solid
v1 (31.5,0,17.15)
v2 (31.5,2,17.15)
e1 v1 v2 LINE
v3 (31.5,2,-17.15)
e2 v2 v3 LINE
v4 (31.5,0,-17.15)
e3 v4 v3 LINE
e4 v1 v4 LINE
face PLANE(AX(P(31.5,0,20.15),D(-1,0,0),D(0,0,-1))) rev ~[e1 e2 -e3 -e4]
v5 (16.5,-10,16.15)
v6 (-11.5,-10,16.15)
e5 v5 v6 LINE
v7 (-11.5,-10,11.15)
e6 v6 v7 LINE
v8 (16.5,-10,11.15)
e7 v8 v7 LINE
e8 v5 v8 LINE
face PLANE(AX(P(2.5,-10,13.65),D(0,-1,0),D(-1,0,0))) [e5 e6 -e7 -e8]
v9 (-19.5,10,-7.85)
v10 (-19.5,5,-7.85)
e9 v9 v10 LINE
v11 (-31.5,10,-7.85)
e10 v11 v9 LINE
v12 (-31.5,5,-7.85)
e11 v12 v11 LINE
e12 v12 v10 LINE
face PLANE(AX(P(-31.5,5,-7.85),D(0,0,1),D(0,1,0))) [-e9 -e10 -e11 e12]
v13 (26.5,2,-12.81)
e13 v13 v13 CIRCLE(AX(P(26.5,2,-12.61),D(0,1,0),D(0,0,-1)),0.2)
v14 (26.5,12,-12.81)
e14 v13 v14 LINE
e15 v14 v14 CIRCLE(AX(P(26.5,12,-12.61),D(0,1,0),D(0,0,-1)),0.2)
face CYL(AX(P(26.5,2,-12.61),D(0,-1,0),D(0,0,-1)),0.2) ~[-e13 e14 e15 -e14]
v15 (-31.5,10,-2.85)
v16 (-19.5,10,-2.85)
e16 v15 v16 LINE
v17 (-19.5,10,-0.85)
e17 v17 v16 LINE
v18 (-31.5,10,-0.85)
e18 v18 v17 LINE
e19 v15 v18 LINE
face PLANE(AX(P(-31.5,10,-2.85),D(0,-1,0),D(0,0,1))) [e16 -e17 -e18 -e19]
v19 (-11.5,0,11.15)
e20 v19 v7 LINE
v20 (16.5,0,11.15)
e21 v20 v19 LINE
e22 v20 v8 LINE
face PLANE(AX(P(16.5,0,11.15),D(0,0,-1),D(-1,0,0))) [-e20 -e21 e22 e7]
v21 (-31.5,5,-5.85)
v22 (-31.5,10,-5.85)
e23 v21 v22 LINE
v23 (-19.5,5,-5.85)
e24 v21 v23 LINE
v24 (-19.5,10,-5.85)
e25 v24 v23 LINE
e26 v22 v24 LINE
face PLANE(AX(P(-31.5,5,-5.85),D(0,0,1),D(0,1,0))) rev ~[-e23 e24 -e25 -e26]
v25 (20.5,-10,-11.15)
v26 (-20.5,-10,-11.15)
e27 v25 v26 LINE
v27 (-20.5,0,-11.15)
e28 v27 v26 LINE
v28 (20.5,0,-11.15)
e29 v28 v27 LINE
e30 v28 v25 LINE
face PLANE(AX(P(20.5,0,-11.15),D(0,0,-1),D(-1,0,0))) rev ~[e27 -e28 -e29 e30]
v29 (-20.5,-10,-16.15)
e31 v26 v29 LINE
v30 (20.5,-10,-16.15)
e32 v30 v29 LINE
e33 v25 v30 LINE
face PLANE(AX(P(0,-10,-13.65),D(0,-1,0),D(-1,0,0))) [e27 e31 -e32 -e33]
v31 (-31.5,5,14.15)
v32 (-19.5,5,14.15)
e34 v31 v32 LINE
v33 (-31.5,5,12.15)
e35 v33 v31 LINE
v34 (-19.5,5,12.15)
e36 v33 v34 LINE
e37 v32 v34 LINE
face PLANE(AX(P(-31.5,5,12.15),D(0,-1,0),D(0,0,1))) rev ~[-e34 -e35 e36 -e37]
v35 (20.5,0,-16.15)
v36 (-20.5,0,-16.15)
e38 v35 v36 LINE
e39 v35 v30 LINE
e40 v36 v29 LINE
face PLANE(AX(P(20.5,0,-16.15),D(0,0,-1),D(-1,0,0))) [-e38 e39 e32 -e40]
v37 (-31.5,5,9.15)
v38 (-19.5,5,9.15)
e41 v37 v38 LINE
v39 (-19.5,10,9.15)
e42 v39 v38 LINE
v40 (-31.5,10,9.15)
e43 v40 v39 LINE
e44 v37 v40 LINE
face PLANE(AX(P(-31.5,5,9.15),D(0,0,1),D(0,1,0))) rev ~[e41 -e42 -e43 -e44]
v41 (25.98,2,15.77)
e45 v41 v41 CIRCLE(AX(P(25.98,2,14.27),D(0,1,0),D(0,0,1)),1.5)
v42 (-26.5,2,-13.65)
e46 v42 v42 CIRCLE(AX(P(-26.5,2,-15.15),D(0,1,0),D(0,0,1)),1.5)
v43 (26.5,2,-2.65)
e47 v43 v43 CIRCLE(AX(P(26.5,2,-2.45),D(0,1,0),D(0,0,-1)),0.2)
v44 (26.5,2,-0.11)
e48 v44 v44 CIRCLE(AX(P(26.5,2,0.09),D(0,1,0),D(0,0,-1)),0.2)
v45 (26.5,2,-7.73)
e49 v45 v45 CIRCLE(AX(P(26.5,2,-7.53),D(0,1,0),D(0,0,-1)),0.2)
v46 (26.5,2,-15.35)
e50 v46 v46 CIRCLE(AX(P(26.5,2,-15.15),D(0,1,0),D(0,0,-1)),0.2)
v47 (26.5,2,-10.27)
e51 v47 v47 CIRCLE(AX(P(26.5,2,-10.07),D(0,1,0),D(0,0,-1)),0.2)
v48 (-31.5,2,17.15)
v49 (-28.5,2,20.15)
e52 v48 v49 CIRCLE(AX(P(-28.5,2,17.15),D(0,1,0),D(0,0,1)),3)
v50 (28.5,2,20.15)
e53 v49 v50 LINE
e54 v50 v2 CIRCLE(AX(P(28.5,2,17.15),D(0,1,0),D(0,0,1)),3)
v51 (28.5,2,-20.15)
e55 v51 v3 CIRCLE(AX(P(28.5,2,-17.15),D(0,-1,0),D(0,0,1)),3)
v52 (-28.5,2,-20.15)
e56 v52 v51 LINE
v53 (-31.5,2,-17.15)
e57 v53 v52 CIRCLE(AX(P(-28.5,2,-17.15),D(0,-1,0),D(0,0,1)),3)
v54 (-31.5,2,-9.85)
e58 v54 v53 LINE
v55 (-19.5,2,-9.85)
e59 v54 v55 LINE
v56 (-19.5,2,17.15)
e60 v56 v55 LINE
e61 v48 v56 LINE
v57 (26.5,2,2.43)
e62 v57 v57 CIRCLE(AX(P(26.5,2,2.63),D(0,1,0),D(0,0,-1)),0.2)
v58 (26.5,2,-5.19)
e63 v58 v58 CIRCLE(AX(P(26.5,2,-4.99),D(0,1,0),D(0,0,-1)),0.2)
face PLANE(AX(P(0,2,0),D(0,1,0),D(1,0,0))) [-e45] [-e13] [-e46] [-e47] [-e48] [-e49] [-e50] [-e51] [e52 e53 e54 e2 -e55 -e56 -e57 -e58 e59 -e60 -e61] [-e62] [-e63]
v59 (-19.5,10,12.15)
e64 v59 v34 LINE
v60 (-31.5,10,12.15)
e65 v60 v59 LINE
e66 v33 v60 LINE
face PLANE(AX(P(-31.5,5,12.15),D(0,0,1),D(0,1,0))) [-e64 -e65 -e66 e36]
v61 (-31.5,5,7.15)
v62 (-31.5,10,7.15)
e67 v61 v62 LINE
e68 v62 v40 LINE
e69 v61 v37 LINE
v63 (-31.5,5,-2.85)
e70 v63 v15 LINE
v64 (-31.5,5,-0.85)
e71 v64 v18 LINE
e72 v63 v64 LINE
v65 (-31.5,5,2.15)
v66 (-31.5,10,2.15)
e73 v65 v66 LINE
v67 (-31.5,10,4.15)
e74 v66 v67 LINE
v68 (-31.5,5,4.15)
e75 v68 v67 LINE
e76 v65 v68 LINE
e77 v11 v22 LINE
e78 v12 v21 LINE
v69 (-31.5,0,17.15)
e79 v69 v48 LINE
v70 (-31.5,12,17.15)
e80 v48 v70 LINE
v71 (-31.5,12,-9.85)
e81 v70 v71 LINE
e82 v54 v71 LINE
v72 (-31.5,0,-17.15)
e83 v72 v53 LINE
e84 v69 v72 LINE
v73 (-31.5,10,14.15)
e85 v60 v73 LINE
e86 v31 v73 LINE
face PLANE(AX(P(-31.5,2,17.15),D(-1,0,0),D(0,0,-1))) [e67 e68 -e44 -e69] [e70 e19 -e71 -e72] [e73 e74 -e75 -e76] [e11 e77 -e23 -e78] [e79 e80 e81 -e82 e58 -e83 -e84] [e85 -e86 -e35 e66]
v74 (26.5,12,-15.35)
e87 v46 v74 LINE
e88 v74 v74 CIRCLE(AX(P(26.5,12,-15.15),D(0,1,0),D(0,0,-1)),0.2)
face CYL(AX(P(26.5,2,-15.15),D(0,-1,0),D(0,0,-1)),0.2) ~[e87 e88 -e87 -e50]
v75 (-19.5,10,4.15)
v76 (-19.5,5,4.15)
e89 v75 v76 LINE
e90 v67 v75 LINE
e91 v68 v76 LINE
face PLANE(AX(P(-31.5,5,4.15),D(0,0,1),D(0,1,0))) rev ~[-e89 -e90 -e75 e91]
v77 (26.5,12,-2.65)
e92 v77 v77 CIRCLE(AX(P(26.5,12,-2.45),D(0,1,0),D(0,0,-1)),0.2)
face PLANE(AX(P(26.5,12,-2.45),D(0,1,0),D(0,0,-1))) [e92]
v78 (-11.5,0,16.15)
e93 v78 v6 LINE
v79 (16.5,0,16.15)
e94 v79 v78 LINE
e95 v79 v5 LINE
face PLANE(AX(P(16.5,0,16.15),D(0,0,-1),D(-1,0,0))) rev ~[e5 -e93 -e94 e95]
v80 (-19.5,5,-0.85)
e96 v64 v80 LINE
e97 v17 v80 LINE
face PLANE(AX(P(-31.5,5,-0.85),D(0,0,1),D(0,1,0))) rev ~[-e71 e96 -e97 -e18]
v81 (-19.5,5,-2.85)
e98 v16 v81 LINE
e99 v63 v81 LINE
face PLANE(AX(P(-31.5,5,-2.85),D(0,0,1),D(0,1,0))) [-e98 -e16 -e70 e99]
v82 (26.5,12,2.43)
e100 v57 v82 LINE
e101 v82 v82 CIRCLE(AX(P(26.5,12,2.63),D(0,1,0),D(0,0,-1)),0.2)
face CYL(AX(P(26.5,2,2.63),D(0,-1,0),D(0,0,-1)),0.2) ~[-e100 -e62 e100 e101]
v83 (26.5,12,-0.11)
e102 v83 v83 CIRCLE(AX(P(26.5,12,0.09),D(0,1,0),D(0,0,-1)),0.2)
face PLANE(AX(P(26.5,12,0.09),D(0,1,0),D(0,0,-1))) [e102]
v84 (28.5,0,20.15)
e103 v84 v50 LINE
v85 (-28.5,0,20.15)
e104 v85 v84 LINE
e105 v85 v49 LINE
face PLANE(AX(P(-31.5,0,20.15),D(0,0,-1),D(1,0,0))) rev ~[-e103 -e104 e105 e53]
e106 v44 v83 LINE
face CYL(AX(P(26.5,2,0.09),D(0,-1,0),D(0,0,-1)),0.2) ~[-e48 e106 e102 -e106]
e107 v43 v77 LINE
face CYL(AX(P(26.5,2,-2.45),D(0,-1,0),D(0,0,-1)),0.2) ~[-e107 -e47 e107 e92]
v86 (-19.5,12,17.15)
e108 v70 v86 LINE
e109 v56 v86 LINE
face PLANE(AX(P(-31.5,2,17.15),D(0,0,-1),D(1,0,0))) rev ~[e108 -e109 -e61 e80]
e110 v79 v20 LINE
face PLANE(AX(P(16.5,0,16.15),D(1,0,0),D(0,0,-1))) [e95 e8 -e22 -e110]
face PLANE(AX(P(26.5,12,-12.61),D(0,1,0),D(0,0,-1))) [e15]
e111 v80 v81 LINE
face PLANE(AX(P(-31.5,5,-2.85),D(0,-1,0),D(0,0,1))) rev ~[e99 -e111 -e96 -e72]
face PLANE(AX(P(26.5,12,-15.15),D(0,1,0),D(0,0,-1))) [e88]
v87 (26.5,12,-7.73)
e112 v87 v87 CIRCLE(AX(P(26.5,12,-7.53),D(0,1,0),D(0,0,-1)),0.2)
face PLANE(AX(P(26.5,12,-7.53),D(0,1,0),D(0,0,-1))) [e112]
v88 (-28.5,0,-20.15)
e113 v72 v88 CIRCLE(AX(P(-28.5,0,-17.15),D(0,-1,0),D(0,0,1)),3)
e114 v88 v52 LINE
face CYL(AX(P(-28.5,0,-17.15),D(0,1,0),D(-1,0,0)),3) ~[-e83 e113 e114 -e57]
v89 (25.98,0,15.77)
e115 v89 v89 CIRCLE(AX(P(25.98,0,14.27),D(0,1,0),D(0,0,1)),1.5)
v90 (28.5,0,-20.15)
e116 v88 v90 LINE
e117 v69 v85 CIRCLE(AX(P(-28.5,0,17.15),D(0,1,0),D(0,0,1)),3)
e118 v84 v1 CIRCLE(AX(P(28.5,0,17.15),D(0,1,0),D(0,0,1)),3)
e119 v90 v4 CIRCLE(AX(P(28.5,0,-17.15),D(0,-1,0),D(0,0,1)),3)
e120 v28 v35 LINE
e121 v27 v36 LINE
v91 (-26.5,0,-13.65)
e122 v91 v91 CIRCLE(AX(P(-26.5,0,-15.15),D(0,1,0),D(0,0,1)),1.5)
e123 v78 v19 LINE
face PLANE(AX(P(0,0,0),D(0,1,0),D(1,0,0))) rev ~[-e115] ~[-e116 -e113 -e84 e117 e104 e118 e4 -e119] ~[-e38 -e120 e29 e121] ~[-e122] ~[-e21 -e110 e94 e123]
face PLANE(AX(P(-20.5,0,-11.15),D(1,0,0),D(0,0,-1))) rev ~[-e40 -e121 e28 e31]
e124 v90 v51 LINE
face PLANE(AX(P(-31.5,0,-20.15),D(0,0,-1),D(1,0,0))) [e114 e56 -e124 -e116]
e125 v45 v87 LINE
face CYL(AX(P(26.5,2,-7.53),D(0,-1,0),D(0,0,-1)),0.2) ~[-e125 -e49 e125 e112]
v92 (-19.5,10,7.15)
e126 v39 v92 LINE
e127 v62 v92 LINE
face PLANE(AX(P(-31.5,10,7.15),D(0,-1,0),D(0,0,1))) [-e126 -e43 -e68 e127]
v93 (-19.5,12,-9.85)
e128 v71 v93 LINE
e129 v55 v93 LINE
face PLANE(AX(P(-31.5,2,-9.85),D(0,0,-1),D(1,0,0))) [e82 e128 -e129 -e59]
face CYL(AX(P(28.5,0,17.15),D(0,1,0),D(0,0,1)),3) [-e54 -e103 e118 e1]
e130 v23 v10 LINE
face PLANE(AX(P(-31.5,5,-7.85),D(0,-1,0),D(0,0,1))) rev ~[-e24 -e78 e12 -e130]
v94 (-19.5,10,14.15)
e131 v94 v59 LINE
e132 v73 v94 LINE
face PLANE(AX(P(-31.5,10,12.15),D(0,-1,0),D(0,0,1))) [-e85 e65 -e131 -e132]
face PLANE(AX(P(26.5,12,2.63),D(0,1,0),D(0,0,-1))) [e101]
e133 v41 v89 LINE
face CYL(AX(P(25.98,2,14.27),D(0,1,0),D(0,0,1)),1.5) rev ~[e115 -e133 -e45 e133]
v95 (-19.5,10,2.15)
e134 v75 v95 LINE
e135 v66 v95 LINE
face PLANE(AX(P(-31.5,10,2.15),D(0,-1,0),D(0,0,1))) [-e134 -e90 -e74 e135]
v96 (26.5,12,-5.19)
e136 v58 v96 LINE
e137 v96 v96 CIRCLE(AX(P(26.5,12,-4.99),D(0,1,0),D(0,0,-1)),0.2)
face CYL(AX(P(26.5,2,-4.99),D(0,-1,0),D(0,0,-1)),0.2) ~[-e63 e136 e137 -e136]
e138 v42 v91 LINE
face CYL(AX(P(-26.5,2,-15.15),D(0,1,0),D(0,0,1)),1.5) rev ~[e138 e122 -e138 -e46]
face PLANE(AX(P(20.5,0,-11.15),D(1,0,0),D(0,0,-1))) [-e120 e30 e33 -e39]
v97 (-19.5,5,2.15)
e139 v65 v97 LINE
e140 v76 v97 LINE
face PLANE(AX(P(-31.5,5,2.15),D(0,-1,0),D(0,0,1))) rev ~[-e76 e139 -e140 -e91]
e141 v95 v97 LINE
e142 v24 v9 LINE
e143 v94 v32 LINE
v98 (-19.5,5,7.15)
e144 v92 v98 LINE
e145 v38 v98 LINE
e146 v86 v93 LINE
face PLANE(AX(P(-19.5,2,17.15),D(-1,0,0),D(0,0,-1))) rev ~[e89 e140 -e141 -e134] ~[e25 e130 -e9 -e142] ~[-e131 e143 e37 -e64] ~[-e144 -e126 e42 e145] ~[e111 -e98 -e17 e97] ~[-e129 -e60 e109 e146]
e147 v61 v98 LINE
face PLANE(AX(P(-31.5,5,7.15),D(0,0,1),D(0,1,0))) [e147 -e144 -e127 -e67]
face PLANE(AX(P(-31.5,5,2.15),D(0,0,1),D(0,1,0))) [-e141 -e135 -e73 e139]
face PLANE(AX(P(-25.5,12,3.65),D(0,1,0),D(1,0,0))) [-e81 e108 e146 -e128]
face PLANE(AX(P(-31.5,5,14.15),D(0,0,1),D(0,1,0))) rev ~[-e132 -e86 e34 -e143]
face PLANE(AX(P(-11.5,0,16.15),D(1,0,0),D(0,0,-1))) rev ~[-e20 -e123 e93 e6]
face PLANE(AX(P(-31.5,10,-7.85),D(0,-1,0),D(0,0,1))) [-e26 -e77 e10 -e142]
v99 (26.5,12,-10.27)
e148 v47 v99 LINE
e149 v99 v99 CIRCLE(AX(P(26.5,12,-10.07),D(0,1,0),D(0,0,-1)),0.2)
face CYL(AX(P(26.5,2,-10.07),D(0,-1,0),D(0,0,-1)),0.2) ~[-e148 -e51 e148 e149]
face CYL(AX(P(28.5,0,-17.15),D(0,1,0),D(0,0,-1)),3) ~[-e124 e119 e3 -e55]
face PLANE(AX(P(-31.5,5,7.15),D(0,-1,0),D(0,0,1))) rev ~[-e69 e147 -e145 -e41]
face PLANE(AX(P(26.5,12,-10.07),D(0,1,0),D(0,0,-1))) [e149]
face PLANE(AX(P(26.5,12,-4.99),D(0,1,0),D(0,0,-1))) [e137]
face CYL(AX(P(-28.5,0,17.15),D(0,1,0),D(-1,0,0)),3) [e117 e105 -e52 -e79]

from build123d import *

# Parameters (mm, degrees)
SKETCH_1_W             = 63
SKETCH_1_H             = 40.3
EXTRUDE_1_DEPTH        = 2
CUT_EXTRUDE_1_REACH    = 39.447
SKETCH_2_R             = 1.5
FILLET_1_R             = 3
SKETCH_3_W             = 41
SKETCH_3_H             = 5
SKETCH_3_W_2           = 28
EXTRUDE_2_DEPTH        = 10
SKETCH_4_W             = 12
SKETCH_4_H             = 27
EXTRUDE_3_DEPTH        = 10
CUT_EXTRUDE_2_REACH    = 69.224
SKETCH_5_W             = 2
SKETCH_5_H             = 5
PATTERN_LINEAR_1_COUNT = 5
PATTERN_LINEAR_1_PITCH = 5
SKETCH_6_R             = 0.2
EXTRUDE_4_DEPTH        = 10
PATTERN_LINEAR_2_COUNT = 8
PATTERN_LINEAR_2_PITCH = 2.54


with BuildPart() as part:
    # 草图1 → 凸台-拉伸1 (new body)
    with BuildSketch(Plane(origin=(0, 0, 0), x_dir=(1, 0, 0), z_dir=(0, 1, 0))):
        Rectangle(SKETCH_1_W, SKETCH_1_H)
    extrude(amount=EXTRUDE_1_DEPTH)

    # 草图2 → 切除-拉伸1 (cut, up to next)
    with BuildSketch(Plane(origin=(0, 2, 0), x_dir=(1, 0, 0), z_dir=(0, 1, 0)), mode=Mode.PRIVATE) as cut_extrude_1_sk1:
        with Locations(Location((-26.5, 15.15, 0), (0, 0, 270))):
            Circle(SKETCH_2_R)
    cut_extrude_1_tool1 = extrude(cut_extrude_1_sk1.sketch, amount=-CUT_EXTRUDE_1_REACH, mode=Mode.PRIVATE) & part.part
    # 草图2 → 切除-拉伸1 (cut, up to next)
    with BuildSketch(Plane(origin=(0, 2, 0), x_dir=(1, 0, 0), z_dir=(0, 1, 0)), mode=Mode.PRIVATE) as cut_extrude_1_sk2:
        with Locations(Location((25.98, -14.27, 0), (0, 0, 270))):
            Circle(SKETCH_2_R)
    cut_extrude_1_tool2 = extrude(cut_extrude_1_sk2.sketch, amount=-CUT_EXTRUDE_1_REACH, mode=Mode.PRIVATE) & part.part
    add(cut_extrude_1_tool1.solids().sort_by_distance((-26.5, 2, -15.15))[0], mode=Mode.SUBTRACT)
    add(cut_extrude_1_tool2.solids().sort_by_distance((25.98, 2, 14.27))[0], mode=Mode.SUBTRACT)

    # 圆角1
    fillet_1_edges = [part.edges().sort_by_distance(p)[0] for p in [
        (31.5, 1, 20.15),
        (-31.5, 1, 20.15),
        (-31.5, 1, -20.15),
        (31.5, 1, -20.15),
    ]]
    fillet(fillet_1_edges, radius=FILLET_1_R)

    # 草图3 → 凸台-拉伸2 (add)
    with BuildSketch(Plane(origin=(0, 0, 0), x_dir=(-1, 0, 0), z_dir=(0, -1, 0))):
        with Locations((0, 13.65)):
            Rectangle(SKETCH_3_W, SKETCH_3_H)
        with Locations((-2.5, -13.65)):
            Rectangle(SKETCH_3_W_2, SKETCH_3_H)
    extrude(amount=EXTRUDE_2_DEPTH)

    # 草图4 → 凸台-拉伸3 (add)
    with BuildSketch(Plane(origin=(0, 2, 0), x_dir=(1, 0, 0), z_dir=(0, 1, 0))):
        with Locations((-25.5, -3.65)):
            Rectangle(SKETCH_4_W, SKETCH_4_H)
    extrude(amount=EXTRUDE_3_DEPTH)

    # 草图5 → 切除-拉伸2 (cut, up to next)
    with BuildSketch(Plane.ZY.offset(31.5), mode=Mode.PRIVATE) as cut_extrude_2_sk1:
        with Locations((-6.85, 7.5)):
            Rectangle(SKETCH_5_W, SKETCH_5_H)
    cut_extrude_2_tool1 = extrude(cut_extrude_2_sk1.sketch, amount=-CUT_EXTRUDE_2_REACH, mode=Mode.PRIVATE) & part.part
    cut_extrude_2 = cut_extrude_2_tool1.solids().sort_by_distance((-31.5, 7.5, -6.85))[0]
    add(cut_extrude_2, mode=Mode.SUBTRACT)

    # 阵列(线性)1: 切除-拉伸2 ×5
    with Locations(*[(0, 0, i * PATTERN_LINEAR_1_PITCH) for i in range(1, PATTERN_LINEAR_1_COUNT)]):
        add(cut_extrude_2, mode=Mode.SUBTRACT)

    # 草图6 → 凸台-拉伸4 (add)
    with BuildSketch(Plane(origin=(0, 2, 0), x_dir=(1, 0, 0), z_dir=(0, 1, 0))):
        with Locations(Location((26.5, 15.15, 0), (0, 0, 90))):
            Circle(SKETCH_6_R)
    extrude_4 = extrude(amount=EXTRUDE_4_DEPTH)

    # 阵列(线性)2: 凸台-拉伸4 ×8
    with Locations(*[(0, 0, i * PATTERN_LINEAR_2_PITCH) for i in range(1, PATTERN_LINEAR_2_COUNT)]):
        add(extrude_4)


solid = part.part
